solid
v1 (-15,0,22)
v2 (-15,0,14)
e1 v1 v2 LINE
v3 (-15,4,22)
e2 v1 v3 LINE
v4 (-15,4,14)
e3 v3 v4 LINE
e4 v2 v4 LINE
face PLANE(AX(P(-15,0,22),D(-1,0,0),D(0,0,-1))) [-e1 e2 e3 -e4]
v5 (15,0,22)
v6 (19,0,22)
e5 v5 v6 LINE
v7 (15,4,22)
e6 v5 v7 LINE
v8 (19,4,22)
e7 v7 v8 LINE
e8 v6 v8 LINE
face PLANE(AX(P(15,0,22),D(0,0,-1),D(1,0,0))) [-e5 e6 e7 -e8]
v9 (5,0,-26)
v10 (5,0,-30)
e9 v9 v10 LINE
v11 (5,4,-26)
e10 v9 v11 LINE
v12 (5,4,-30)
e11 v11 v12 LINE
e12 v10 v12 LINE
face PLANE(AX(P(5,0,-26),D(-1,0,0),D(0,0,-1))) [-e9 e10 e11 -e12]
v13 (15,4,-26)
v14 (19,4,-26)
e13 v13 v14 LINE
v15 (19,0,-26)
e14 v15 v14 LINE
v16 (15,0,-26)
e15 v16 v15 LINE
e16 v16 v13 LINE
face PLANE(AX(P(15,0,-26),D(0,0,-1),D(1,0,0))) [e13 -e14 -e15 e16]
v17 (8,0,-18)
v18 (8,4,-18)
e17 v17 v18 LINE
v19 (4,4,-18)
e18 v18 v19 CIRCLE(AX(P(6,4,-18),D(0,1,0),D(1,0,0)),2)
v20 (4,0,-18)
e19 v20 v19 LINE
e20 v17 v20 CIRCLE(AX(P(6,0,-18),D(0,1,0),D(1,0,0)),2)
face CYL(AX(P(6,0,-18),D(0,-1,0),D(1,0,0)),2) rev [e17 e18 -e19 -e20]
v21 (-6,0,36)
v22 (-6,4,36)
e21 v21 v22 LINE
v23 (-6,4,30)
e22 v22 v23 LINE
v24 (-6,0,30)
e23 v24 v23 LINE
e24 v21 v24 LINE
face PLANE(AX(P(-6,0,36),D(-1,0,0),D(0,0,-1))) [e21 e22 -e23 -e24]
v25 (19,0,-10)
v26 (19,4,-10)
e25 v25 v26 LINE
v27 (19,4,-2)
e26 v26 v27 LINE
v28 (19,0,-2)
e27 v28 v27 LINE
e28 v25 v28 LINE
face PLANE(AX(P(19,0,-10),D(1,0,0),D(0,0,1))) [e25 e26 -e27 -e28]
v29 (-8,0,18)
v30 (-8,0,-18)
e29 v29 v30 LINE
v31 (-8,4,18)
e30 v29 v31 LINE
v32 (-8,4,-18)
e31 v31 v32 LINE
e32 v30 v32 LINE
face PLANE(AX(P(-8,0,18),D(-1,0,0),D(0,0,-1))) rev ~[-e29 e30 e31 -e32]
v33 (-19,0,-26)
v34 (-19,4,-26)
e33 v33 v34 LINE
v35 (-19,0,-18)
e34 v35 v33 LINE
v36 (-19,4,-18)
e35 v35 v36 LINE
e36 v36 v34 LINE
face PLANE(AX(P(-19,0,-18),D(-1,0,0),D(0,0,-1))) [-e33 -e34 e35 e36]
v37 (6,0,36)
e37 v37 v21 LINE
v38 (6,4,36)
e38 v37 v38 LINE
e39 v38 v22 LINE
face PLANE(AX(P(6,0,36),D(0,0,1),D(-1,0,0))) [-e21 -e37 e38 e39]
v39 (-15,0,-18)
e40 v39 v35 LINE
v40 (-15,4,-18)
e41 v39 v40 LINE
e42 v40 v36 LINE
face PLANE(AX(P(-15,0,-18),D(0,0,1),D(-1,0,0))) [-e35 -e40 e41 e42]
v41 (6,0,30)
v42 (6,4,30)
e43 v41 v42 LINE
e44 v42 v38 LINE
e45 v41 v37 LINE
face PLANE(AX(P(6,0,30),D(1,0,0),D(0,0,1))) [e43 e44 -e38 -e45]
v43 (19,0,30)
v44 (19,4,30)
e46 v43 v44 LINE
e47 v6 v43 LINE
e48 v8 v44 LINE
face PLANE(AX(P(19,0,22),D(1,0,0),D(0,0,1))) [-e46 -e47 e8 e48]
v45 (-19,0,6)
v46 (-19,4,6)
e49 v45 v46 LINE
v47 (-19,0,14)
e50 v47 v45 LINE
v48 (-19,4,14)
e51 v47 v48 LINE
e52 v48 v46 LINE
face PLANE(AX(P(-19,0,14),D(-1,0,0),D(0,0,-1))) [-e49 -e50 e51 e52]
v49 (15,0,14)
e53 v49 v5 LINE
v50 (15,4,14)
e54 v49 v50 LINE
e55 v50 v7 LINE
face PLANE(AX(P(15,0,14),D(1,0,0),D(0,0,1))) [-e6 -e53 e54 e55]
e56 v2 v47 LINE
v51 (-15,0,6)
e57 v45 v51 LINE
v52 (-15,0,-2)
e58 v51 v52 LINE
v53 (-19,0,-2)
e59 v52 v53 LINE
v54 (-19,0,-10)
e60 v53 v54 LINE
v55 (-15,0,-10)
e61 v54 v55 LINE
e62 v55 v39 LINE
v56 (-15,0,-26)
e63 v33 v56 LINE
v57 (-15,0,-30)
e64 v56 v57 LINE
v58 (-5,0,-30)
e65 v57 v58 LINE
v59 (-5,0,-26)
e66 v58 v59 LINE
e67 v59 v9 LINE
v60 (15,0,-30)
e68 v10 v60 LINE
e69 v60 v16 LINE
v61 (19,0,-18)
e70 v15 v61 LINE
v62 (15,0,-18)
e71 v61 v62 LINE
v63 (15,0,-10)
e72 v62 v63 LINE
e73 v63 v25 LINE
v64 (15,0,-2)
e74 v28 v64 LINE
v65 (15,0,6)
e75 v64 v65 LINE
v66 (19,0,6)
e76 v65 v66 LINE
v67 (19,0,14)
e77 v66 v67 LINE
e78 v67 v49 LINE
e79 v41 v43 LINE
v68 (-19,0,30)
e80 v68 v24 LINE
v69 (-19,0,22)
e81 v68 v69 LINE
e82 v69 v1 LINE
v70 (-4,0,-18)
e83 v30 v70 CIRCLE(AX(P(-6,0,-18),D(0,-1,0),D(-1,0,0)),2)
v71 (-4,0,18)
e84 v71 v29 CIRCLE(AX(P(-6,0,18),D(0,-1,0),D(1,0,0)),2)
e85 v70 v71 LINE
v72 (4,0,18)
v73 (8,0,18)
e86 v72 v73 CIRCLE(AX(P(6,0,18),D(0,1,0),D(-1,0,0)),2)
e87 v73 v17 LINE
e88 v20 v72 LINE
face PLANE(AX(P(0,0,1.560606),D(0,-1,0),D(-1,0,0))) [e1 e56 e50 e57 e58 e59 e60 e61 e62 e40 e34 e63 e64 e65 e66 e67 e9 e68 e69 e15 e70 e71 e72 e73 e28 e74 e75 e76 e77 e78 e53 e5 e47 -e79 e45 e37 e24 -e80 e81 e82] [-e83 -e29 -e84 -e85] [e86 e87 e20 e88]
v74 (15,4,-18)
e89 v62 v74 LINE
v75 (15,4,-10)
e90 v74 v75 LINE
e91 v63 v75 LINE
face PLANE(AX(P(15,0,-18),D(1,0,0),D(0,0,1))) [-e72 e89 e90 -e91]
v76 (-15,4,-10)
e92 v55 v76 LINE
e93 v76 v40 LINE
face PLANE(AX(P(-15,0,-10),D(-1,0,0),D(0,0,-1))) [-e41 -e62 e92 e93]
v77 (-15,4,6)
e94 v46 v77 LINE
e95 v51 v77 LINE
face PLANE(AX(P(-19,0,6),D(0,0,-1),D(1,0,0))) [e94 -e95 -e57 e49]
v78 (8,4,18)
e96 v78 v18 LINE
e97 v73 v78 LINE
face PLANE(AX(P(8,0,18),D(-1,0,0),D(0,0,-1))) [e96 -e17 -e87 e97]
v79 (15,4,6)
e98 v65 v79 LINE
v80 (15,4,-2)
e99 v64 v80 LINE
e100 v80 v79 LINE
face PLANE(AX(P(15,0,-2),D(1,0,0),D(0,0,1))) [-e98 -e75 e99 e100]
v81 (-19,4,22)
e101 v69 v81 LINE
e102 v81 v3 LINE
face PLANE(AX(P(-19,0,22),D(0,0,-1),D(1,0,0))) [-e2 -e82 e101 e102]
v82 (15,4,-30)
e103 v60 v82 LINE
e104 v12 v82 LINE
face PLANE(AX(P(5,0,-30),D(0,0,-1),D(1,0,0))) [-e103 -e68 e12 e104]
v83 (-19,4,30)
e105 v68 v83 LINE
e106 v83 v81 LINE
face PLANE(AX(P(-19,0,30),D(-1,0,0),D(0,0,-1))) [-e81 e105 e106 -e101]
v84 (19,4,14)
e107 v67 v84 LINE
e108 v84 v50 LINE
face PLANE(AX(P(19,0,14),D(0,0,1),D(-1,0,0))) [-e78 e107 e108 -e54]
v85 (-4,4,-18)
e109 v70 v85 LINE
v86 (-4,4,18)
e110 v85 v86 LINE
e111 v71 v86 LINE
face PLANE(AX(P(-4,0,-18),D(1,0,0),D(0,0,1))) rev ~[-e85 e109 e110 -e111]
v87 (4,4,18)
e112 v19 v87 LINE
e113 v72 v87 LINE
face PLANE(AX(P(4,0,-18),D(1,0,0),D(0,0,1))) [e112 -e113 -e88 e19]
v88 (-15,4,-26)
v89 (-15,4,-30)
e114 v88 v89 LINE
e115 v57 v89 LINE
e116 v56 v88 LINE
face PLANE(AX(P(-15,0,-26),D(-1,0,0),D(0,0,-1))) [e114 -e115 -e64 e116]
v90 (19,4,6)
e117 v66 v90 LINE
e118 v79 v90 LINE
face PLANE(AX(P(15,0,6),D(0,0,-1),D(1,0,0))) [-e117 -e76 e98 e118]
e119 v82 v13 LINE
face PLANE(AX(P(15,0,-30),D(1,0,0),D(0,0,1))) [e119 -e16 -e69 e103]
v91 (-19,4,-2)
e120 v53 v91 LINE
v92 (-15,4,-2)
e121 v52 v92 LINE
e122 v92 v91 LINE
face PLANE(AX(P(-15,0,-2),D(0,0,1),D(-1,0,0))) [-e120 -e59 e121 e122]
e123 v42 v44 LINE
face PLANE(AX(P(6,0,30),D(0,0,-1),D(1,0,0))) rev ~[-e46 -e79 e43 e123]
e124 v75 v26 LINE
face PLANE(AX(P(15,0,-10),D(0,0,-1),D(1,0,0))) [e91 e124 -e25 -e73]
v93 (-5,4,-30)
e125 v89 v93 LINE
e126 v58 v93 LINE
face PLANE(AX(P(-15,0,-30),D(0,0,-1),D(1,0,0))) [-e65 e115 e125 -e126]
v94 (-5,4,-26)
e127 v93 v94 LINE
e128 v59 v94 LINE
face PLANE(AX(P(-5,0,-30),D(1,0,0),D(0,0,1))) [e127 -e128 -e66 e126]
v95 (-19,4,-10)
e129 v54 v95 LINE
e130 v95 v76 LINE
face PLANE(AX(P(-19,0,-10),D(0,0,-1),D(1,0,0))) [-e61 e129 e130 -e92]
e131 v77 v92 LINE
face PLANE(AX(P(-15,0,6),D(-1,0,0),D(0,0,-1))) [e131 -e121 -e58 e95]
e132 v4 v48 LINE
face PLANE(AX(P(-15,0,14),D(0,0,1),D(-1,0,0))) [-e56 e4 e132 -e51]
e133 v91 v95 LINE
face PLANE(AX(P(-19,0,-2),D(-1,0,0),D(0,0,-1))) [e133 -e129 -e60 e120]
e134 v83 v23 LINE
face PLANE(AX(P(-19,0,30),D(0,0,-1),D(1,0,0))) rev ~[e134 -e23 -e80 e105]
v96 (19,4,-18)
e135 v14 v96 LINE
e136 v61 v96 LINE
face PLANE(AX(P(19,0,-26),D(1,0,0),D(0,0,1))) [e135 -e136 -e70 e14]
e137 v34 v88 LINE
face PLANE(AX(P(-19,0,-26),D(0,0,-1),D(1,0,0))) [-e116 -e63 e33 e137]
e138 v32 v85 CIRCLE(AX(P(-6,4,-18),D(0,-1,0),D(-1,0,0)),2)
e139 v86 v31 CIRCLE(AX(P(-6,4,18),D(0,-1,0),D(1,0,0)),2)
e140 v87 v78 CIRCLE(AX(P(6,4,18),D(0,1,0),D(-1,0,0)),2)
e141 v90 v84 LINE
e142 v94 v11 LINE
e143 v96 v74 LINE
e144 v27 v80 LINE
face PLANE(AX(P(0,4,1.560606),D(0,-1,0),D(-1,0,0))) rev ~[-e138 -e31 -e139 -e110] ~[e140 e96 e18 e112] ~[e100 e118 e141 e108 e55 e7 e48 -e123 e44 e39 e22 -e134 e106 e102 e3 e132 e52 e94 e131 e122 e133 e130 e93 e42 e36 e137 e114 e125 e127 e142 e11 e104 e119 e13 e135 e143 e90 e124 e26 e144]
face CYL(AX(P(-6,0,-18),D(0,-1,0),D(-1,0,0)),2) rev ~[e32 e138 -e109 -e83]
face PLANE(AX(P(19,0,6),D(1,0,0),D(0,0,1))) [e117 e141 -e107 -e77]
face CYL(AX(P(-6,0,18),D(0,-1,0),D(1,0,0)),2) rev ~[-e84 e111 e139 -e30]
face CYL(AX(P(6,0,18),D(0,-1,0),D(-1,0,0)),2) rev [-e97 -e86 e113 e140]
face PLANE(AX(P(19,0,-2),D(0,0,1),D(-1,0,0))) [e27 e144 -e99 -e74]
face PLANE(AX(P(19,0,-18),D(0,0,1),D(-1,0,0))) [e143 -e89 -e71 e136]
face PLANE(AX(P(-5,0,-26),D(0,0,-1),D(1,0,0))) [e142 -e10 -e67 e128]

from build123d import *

# Parameters (mm, degrees)
BOSS_EXTRUDE1_DEPTH = 4


with BuildPart() as part:
    # Sketch1 → Boss-Extrude1 (new body)
    with BuildSketch(Plane(origin=(0, 0, 0), x_dir=(1, 0, 0), z_dir=(0, 1, 0))):
        Polygon((-5, 26), (5, 26), (5, 30), (15, 30), (15, 26), (19, 26), (19, 18), (15, 18), (15, 10), (19, 10), (19, 2), (15, 2), (15, -6), (19, -6), (19, -14), (15, -14), (15, -22), (19, -22), (19, -30), (15, -30), (6, -30), (6, -36), (-6, -36), (-6, -30), (-15, -30), (-19, -30), (-19, -22), (-15, -22), (-15, -14), (-19, -14), (-19, -6), (-15, -6), (-15, 2), (-19, 2), (-19, 10), (-15, 10), (-15, 18), (-19, 18), (-19, 26), (-15, 26), (-15, 30), (-5, 30), align=None)
        with BuildLine():
            Line((-8, -18), (-8, 18))
            ThreePointArc((-8, 18), (-6, 20), (-4, 18))
            Line((-4, 18), (-4, -18))
            ThreePointArc((-4, -18), (-6, -20), (-8, -18))
        make_face(mode=Mode.SUBTRACT)
        with BuildLine():
            Line((8, -18), (8, 18))
            ThreePointArc((8, 18), (6, 20), (4, 18))
            Line((4, 18), (4, -18))
            ThreePointArc((4, -18), (6, -20), (8, -18))
        make_face(mode=Mode.SUBTRACT)
    extrude(amount=BOSS_EXTRUDE1_DEPTH)


solid = part.part
